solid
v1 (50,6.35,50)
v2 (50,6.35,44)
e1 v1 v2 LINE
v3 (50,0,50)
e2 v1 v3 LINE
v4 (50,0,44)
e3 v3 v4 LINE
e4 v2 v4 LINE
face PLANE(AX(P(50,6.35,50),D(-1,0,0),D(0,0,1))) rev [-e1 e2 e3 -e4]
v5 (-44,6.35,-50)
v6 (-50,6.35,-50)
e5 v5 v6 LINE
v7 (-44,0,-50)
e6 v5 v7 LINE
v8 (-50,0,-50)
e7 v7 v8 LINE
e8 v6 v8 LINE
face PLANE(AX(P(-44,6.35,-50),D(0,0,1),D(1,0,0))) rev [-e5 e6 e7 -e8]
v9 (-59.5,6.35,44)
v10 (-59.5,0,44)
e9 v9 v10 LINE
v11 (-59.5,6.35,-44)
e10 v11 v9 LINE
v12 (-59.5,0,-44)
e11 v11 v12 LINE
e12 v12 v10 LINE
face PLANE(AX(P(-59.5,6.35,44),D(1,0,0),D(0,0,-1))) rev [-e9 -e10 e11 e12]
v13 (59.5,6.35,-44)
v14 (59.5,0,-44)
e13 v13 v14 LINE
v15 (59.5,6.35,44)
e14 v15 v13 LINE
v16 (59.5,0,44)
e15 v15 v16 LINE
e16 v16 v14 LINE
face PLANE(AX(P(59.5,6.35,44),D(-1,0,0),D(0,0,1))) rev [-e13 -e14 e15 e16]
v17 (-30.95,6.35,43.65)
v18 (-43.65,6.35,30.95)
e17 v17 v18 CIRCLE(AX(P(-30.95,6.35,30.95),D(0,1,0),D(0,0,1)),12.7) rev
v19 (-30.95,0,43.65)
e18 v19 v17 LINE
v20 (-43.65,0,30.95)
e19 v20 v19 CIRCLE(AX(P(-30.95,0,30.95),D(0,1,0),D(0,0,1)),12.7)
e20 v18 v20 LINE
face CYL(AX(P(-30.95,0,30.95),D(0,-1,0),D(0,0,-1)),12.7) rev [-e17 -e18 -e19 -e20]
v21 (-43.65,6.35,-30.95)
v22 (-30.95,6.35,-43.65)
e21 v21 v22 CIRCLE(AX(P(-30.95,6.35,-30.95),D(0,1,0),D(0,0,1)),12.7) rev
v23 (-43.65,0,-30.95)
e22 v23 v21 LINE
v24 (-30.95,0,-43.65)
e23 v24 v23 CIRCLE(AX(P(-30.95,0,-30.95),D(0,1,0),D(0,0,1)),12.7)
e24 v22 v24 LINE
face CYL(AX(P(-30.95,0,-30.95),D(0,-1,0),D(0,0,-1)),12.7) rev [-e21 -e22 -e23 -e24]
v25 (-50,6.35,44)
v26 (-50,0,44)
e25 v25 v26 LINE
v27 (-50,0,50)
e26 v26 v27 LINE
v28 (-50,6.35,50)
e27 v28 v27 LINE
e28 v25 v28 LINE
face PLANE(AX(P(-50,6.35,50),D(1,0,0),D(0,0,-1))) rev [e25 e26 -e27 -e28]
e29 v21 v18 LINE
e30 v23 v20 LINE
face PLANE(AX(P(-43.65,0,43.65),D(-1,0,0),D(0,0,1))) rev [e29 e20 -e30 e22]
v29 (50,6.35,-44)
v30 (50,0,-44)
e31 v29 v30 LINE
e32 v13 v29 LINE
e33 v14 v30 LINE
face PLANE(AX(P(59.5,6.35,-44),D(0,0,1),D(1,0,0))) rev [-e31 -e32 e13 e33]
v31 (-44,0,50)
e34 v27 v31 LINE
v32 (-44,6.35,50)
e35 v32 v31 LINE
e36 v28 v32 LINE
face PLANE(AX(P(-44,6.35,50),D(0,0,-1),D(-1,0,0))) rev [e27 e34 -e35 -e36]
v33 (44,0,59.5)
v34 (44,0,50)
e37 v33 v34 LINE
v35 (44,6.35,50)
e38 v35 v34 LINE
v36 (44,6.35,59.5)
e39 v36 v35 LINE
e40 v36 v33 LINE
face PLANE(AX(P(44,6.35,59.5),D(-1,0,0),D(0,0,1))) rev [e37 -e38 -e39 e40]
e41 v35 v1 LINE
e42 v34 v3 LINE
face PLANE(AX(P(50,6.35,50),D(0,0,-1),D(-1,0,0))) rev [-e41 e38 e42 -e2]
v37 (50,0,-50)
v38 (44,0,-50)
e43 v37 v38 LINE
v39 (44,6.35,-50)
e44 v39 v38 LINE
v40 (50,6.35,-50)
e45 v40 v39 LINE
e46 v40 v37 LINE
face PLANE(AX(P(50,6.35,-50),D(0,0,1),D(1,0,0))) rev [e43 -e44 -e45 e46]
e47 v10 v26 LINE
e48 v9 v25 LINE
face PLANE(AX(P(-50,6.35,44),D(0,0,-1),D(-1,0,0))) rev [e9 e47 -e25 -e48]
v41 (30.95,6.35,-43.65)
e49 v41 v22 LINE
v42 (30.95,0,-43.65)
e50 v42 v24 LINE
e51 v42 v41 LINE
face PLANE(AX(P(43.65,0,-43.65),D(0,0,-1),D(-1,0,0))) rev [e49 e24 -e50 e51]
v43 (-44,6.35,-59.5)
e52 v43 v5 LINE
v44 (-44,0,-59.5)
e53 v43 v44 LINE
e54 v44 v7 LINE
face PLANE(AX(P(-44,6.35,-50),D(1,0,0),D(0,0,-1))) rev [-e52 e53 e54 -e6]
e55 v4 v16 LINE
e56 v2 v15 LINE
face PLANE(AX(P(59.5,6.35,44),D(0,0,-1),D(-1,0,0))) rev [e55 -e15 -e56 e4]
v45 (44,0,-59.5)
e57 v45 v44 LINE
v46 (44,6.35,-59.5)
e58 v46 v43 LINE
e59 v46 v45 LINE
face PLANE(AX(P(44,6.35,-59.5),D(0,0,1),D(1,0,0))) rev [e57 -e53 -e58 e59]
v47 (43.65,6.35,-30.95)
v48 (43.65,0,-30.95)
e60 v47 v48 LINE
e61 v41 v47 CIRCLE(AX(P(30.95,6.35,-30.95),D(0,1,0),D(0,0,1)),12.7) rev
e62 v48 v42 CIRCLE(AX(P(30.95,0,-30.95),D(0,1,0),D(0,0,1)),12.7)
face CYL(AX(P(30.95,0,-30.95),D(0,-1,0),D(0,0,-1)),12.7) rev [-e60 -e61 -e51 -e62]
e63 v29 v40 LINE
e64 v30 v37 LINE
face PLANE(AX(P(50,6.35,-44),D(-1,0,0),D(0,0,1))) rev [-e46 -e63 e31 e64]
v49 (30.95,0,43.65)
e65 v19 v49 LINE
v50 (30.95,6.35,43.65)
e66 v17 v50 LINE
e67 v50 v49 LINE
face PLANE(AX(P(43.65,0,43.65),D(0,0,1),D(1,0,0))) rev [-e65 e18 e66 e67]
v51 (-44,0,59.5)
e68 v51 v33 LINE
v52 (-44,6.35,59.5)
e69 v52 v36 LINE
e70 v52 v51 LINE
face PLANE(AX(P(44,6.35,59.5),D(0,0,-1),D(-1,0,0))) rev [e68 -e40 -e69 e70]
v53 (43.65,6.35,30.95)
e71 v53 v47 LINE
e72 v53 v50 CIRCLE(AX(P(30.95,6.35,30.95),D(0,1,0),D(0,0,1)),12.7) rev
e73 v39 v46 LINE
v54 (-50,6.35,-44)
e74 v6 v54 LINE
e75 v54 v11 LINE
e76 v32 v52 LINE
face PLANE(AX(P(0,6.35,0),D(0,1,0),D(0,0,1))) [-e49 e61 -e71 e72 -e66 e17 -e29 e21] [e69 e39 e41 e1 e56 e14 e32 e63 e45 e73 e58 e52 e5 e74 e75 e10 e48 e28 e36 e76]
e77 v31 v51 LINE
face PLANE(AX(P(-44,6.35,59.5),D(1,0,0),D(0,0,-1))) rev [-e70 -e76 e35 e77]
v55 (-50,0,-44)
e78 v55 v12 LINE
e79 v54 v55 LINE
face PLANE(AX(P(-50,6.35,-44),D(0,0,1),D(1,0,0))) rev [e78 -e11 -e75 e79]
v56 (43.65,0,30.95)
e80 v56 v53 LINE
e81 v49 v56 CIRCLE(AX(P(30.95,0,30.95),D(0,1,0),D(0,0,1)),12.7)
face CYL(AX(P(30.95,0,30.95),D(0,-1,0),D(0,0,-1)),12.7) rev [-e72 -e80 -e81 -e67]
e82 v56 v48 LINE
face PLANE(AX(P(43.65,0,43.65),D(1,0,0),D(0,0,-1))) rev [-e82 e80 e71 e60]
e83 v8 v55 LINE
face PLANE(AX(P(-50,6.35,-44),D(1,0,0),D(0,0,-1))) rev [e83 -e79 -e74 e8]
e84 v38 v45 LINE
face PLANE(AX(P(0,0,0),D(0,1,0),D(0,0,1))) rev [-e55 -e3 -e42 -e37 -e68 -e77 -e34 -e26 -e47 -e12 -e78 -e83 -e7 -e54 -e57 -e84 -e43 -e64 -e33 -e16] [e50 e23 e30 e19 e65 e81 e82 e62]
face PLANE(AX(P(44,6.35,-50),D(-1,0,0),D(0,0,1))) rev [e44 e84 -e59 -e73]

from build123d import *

# Parameters (mm, degrees)
BOSS_EXTRUDE1_DEPTH = 6.35
SKETCH2_W           = 87.3
SKETCH2_H           = 87.3
CUT_EXTRUDE1_DEPTH  = 6.35
FILLET1_R           = 12.7


with BuildPart() as part:
    # Sketch1 → Boss-Extrude1 (new body)
    with BuildSketch(Plane(origin=(0, 0, 0), x_dir=(1, 0, 0), z_dir=(0, 1, 0))):
        Polygon((-44, 50), (-50, 50), (-50, 44), (-59.5, 44), (-59.5, -44), (-50, -44), (-50, -50), (-44, -50), (-44, -59.5), (44, -59.5), (44, -50), (50, -50), (50, -44), (59.5, -44), (59.5, 44), (50, 44), (50, 50), (44, 50), (44, 59.5), (-44, 59.5), align=None)
    extrude(amount=BOSS_EXTRUDE1_DEPTH)

    # Sketch2 → Cut-Extrude1 (cut)
    with BuildSketch(Plane(origin=(0, 6.35, 0), x_dir=(1, 0, 0), z_dir=(0, 1, 0))):
        Rectangle(SKETCH2_W, SKETCH2_H)
    extrude(amount=-CUT_EXTRUDE1_DEPTH, mode=Mode.SUBTRACT)

    # Fillet1
    fillet1_edges = [part.edges().sort_by_distance(p)[0] for p in [
        (-43.65, 3.175, 43.65),
        (-43.65, 3.175, -43.65),
        (43.65, 3.175, -43.65),
        (43.65, 3.175, 43.65),
    ]]
    fillet(fillet1_edges, radius=FILLET1_R)


solid = part.part
